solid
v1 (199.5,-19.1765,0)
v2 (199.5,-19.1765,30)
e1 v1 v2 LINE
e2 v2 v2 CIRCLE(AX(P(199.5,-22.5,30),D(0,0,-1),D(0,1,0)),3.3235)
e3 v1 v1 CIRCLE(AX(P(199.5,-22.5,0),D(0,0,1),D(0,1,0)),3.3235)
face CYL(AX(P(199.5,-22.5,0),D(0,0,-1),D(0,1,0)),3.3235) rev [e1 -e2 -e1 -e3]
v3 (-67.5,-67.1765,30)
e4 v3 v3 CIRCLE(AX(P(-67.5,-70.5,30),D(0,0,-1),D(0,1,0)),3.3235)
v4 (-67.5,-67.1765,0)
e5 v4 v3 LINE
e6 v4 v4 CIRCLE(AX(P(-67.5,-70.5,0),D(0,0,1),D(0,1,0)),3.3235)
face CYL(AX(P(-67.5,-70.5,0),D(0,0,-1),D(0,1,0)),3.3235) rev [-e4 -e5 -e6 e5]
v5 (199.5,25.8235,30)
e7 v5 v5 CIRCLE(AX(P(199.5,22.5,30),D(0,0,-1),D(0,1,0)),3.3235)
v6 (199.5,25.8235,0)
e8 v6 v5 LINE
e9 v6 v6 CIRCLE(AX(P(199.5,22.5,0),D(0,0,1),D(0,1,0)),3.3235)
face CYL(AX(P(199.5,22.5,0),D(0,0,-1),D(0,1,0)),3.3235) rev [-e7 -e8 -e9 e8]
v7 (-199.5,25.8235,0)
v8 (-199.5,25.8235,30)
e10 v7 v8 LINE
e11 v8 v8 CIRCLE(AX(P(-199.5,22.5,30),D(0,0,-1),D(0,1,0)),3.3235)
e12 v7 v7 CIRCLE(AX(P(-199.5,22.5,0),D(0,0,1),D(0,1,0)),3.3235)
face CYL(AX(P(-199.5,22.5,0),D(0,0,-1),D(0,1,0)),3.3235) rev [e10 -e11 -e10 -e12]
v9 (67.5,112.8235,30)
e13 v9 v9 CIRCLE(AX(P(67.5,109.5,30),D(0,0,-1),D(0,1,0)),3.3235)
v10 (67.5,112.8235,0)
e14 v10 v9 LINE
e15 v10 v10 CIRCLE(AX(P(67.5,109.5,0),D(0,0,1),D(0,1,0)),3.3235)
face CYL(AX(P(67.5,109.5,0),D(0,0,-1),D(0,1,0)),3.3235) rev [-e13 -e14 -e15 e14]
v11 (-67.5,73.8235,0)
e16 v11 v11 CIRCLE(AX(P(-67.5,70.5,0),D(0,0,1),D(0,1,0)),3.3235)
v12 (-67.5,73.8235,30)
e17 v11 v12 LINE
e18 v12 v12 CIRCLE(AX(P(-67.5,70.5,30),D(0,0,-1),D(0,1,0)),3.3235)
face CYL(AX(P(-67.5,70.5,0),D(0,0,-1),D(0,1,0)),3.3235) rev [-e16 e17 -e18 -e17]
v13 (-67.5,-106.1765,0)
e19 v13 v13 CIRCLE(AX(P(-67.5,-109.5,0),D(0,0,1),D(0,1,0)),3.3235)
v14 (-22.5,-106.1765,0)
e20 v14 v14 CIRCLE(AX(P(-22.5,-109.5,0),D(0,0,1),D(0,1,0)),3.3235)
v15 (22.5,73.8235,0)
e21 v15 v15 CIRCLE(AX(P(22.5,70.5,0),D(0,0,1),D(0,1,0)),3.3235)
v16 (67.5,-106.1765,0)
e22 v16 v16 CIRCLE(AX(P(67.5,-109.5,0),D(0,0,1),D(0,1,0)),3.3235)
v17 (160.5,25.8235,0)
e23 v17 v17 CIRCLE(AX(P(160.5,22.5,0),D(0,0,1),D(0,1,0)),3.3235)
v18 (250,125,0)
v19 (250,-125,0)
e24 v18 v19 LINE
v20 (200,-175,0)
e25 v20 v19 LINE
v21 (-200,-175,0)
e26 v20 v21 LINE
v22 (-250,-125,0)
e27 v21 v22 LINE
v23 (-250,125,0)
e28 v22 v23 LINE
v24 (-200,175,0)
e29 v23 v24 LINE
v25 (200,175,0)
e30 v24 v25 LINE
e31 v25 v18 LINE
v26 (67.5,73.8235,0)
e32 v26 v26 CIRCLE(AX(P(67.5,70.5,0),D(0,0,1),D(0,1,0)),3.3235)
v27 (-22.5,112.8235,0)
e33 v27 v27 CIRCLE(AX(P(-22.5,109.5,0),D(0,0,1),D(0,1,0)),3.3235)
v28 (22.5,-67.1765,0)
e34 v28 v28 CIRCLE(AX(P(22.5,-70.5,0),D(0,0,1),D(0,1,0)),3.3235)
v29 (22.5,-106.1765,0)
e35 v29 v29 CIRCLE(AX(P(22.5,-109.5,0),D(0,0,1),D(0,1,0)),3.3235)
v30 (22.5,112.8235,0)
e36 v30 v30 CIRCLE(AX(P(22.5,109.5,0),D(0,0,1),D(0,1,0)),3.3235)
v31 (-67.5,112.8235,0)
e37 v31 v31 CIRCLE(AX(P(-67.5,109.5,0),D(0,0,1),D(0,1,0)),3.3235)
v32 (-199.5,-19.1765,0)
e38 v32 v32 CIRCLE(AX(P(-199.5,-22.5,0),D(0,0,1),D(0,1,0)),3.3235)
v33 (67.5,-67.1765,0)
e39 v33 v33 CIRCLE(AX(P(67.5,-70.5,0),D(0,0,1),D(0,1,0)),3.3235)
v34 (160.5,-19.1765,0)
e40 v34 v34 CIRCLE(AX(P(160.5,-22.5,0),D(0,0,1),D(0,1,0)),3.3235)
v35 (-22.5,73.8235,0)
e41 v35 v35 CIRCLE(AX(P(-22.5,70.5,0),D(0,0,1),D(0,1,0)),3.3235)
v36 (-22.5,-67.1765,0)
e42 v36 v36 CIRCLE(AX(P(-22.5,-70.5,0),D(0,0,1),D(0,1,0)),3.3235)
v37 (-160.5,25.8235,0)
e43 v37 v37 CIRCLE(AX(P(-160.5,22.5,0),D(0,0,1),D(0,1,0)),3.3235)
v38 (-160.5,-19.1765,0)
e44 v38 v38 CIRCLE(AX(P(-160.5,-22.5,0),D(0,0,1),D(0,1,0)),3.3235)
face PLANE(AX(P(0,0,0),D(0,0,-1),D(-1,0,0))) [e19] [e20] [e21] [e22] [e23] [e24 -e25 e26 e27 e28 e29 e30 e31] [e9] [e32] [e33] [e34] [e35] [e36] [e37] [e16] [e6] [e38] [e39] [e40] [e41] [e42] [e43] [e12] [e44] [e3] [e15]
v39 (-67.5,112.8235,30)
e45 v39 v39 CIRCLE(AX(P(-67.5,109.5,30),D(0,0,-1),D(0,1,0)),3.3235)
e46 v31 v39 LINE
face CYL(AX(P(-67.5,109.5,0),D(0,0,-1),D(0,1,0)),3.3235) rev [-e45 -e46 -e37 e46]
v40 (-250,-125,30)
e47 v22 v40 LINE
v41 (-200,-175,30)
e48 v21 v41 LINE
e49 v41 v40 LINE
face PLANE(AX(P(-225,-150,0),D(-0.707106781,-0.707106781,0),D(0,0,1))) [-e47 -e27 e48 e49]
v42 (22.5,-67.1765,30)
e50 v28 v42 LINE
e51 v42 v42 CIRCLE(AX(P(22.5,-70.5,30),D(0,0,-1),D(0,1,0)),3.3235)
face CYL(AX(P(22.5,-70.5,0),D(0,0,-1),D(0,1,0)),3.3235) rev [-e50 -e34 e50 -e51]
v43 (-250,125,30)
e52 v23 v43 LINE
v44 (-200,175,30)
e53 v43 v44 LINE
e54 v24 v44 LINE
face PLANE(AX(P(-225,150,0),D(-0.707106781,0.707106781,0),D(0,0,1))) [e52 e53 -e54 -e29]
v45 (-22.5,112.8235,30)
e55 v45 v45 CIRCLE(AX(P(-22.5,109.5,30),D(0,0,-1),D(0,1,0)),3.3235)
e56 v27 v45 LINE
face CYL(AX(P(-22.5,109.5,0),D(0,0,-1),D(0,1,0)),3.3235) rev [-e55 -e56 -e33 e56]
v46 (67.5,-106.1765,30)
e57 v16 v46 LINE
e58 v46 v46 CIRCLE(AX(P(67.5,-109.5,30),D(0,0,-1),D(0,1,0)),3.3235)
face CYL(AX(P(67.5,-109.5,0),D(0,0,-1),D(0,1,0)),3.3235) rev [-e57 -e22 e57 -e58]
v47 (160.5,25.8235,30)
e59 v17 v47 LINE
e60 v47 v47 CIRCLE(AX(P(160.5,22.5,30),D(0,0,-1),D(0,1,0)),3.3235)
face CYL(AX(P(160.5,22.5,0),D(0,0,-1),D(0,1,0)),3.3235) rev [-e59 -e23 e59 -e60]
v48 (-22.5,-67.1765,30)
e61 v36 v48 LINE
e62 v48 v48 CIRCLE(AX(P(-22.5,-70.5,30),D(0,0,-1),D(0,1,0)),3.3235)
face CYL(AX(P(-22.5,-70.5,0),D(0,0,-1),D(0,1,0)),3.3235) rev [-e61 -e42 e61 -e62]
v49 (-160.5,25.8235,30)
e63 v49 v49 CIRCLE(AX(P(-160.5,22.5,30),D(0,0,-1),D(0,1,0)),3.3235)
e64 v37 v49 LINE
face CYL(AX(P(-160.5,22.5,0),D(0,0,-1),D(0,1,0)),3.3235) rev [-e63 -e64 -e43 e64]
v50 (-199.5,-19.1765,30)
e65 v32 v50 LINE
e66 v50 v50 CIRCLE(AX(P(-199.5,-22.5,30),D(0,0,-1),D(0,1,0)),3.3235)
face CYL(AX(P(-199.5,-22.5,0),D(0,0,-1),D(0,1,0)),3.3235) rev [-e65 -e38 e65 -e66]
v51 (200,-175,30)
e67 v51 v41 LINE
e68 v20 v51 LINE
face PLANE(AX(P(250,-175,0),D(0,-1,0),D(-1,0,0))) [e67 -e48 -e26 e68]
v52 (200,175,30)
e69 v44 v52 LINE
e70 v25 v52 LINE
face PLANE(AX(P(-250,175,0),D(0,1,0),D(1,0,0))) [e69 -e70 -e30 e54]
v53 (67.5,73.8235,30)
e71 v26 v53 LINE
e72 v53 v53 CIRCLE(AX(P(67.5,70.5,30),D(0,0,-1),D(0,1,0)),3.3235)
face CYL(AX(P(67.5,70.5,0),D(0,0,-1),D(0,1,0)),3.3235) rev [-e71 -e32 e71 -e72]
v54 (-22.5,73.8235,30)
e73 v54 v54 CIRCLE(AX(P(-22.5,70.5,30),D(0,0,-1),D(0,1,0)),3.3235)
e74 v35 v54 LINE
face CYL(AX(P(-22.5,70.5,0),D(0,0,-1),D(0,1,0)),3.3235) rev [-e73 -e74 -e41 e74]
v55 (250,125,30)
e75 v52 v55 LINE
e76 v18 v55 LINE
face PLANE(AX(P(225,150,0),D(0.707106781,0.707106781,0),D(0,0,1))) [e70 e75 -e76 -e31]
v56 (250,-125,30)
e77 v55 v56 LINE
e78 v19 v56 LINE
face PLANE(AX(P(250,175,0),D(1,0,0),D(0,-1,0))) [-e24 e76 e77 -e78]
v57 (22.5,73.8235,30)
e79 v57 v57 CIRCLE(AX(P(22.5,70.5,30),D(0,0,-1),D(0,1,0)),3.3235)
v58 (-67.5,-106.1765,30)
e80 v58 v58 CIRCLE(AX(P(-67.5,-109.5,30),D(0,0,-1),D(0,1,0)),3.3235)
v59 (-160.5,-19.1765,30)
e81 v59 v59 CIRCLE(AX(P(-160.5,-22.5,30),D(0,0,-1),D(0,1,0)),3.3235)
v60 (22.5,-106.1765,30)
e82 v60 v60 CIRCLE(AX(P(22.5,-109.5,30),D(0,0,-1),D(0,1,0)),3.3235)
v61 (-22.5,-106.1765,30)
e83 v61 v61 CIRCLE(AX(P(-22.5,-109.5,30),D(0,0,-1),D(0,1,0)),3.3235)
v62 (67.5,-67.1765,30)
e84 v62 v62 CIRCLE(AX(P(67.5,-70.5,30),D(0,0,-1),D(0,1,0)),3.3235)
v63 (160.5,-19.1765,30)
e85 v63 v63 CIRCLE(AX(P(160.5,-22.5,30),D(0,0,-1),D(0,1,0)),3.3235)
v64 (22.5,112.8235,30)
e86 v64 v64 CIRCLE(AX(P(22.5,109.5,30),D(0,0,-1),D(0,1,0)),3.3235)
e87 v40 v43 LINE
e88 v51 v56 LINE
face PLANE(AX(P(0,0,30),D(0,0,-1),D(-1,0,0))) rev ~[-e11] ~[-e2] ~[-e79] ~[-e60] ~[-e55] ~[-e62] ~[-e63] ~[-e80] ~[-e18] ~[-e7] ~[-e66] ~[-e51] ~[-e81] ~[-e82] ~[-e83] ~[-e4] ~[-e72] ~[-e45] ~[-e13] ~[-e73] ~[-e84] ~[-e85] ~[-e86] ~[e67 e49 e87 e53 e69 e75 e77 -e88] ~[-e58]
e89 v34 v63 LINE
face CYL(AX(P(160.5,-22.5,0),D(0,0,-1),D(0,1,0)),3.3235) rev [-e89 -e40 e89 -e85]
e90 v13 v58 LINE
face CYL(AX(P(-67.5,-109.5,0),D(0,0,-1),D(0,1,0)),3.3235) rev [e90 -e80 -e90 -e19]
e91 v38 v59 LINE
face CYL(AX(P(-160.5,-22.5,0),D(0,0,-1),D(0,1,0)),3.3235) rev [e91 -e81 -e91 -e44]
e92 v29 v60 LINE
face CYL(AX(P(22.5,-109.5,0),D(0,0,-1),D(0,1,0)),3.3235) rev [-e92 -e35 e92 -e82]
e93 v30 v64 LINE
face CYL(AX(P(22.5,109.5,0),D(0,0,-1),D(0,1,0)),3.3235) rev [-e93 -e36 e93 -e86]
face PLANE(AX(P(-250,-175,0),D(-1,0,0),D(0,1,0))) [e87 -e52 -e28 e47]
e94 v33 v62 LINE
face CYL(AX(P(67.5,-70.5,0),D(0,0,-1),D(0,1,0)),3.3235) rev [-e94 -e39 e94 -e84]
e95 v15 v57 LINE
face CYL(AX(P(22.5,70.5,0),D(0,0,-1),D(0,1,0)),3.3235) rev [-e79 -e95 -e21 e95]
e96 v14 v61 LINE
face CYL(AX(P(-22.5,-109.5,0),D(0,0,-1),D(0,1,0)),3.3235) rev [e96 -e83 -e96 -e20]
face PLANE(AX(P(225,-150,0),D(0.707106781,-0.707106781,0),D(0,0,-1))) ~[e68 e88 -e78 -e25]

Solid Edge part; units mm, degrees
sketch "Sketch1" plane through (0, 0, 0) normal (0, 0, 1) x (1, 0, 0)
  line L0 (250, -175) -> (-250, -175)
  line L1 (-250, -175) -> (-250, 175)
  line L2 (-250, 175) -> (250, 175)
  line L3 (250, 175) -> (250, -175)
extrude "Protrusion1" add sketch "Sketch1" along normal blind 30
chamfer "Chaflán_1" distance 50 angle 45 4 edges at (250, -175, 15) (-250, -175, 15) (250, 175, 15) (-250, 175, 15)
hole "Agujero_1" at (199.5, 22.5, 0) direction (0, 0, 1) diameter 6.647 end through all thread major 8 thread length 15
hole "Hole1" at (160.5, 22.5, 0) direction (0, 0, 1) diameter 6.647 end through all thread major 8 thread length 15
hole "Hole2" at (199.5, -22.5, 0) direction (0, 0, 1) diameter 6.647 end through all thread major 8 thread length 15
hole "Hole3" at (160.5, -22.5, 0) direction (0, 0, 1) diameter 6.647 end through all thread major 8 thread length 15
hole "Hole4" at (67.5, 109.5, 0) direction (0, 0, 1) diameter 6.647 end through all thread major 8 thread length 15
hole "Hole5" at (22.5, 109.5, 0) direction (0, 0, 1) diameter 6.647 end through all thread major 8 thread length 15
hole "Hole6" at (67.5, 70.5, 0) direction (0, 0, 1) diameter 6.647 end through all thread major 8 thread length 15
hole "Hole7" at (22.5, 70.5, 0) direction (0, 0, 1) diameter 6.647 end through all thread major 8 thread length 15
hole "Hole8" at (-22.5, 70.5, 0) direction (0, 0, 1) diameter 6.647 end through all thread major 8 thread length 15
hole "Hole9" at (-22.5, 109.5, 0) direction (0, 0, 1) diameter 6.647 end through all thread major 8 thread length 15
hole "Hole10" at (-67.5, 109.5, 0) direction (0, 0, 1) diameter 6.647 end through all thread major 8 thread length 15
hole "Hole11" at (-67.5, 70.5, 0) direction (0, 0, 1) diameter 6.647 end through all thread major 8 thread length 15
hole "Hole12" at (-160.5, 22.5, 0) direction (0, 0, 1) diameter 6.647 end through all thread major 8 thread length 15
hole "Hole13" at (-199.5, 22.5, 0) direction (0, 0, 1) diameter 6.647 end through all thread major 8 thread length 15
hole "Hole14" at (-160.5, -22.5, 0) direction (0, 0, 1) diameter 6.647 end through all thread major 8 thread length 15
hole "Hole15" at (-199.5, -22.5, 0) direction (0, 0, 1) diameter 6.647 end through all thread major 8 thread length 15
hole "Hole16" at (-67.5, -70.5, 0) direction (0, 0, 1) diameter 6.647 end through all thread major 8 thread length 15
hole "Hole17" at (-22.5, -70.5, 0) direction (0, 0, 1) diameter 6.647 end through all thread major 8 thread length 15
hole "Hole18" at (-22.5, -109.5, 0) direction (0, 0, 1) diameter 6.647 end through all thread major 8 thread length 15
hole "Hole19" at (-67.5, -109.5, 0) direction (0, 0, 1) diameter 6.647 end through all thread major 8 thread length 15
hole "Hole20" at (22.5, -109.5, 0) direction (0, 0, 1) diameter 6.647 end through all thread major 8 thread length 15
hole "Hole21" at (22.5, -70.5, 0) direction (0, 0, 1) diameter 6.647 end through all thread major 8 thread length 15
hole "Hole22" at (67.5, -70.5, 0) direction (0, 0, 1) diameter 6.647 end through all thread major 8 thread length 15
hole "Hole23" at (67.5, -109.5, 0) direction (0, 0, 1) diameter 6.647 end through all thread major 8 thread length 15
properties part number "1983-1100-001" material "Acero, estructural"
